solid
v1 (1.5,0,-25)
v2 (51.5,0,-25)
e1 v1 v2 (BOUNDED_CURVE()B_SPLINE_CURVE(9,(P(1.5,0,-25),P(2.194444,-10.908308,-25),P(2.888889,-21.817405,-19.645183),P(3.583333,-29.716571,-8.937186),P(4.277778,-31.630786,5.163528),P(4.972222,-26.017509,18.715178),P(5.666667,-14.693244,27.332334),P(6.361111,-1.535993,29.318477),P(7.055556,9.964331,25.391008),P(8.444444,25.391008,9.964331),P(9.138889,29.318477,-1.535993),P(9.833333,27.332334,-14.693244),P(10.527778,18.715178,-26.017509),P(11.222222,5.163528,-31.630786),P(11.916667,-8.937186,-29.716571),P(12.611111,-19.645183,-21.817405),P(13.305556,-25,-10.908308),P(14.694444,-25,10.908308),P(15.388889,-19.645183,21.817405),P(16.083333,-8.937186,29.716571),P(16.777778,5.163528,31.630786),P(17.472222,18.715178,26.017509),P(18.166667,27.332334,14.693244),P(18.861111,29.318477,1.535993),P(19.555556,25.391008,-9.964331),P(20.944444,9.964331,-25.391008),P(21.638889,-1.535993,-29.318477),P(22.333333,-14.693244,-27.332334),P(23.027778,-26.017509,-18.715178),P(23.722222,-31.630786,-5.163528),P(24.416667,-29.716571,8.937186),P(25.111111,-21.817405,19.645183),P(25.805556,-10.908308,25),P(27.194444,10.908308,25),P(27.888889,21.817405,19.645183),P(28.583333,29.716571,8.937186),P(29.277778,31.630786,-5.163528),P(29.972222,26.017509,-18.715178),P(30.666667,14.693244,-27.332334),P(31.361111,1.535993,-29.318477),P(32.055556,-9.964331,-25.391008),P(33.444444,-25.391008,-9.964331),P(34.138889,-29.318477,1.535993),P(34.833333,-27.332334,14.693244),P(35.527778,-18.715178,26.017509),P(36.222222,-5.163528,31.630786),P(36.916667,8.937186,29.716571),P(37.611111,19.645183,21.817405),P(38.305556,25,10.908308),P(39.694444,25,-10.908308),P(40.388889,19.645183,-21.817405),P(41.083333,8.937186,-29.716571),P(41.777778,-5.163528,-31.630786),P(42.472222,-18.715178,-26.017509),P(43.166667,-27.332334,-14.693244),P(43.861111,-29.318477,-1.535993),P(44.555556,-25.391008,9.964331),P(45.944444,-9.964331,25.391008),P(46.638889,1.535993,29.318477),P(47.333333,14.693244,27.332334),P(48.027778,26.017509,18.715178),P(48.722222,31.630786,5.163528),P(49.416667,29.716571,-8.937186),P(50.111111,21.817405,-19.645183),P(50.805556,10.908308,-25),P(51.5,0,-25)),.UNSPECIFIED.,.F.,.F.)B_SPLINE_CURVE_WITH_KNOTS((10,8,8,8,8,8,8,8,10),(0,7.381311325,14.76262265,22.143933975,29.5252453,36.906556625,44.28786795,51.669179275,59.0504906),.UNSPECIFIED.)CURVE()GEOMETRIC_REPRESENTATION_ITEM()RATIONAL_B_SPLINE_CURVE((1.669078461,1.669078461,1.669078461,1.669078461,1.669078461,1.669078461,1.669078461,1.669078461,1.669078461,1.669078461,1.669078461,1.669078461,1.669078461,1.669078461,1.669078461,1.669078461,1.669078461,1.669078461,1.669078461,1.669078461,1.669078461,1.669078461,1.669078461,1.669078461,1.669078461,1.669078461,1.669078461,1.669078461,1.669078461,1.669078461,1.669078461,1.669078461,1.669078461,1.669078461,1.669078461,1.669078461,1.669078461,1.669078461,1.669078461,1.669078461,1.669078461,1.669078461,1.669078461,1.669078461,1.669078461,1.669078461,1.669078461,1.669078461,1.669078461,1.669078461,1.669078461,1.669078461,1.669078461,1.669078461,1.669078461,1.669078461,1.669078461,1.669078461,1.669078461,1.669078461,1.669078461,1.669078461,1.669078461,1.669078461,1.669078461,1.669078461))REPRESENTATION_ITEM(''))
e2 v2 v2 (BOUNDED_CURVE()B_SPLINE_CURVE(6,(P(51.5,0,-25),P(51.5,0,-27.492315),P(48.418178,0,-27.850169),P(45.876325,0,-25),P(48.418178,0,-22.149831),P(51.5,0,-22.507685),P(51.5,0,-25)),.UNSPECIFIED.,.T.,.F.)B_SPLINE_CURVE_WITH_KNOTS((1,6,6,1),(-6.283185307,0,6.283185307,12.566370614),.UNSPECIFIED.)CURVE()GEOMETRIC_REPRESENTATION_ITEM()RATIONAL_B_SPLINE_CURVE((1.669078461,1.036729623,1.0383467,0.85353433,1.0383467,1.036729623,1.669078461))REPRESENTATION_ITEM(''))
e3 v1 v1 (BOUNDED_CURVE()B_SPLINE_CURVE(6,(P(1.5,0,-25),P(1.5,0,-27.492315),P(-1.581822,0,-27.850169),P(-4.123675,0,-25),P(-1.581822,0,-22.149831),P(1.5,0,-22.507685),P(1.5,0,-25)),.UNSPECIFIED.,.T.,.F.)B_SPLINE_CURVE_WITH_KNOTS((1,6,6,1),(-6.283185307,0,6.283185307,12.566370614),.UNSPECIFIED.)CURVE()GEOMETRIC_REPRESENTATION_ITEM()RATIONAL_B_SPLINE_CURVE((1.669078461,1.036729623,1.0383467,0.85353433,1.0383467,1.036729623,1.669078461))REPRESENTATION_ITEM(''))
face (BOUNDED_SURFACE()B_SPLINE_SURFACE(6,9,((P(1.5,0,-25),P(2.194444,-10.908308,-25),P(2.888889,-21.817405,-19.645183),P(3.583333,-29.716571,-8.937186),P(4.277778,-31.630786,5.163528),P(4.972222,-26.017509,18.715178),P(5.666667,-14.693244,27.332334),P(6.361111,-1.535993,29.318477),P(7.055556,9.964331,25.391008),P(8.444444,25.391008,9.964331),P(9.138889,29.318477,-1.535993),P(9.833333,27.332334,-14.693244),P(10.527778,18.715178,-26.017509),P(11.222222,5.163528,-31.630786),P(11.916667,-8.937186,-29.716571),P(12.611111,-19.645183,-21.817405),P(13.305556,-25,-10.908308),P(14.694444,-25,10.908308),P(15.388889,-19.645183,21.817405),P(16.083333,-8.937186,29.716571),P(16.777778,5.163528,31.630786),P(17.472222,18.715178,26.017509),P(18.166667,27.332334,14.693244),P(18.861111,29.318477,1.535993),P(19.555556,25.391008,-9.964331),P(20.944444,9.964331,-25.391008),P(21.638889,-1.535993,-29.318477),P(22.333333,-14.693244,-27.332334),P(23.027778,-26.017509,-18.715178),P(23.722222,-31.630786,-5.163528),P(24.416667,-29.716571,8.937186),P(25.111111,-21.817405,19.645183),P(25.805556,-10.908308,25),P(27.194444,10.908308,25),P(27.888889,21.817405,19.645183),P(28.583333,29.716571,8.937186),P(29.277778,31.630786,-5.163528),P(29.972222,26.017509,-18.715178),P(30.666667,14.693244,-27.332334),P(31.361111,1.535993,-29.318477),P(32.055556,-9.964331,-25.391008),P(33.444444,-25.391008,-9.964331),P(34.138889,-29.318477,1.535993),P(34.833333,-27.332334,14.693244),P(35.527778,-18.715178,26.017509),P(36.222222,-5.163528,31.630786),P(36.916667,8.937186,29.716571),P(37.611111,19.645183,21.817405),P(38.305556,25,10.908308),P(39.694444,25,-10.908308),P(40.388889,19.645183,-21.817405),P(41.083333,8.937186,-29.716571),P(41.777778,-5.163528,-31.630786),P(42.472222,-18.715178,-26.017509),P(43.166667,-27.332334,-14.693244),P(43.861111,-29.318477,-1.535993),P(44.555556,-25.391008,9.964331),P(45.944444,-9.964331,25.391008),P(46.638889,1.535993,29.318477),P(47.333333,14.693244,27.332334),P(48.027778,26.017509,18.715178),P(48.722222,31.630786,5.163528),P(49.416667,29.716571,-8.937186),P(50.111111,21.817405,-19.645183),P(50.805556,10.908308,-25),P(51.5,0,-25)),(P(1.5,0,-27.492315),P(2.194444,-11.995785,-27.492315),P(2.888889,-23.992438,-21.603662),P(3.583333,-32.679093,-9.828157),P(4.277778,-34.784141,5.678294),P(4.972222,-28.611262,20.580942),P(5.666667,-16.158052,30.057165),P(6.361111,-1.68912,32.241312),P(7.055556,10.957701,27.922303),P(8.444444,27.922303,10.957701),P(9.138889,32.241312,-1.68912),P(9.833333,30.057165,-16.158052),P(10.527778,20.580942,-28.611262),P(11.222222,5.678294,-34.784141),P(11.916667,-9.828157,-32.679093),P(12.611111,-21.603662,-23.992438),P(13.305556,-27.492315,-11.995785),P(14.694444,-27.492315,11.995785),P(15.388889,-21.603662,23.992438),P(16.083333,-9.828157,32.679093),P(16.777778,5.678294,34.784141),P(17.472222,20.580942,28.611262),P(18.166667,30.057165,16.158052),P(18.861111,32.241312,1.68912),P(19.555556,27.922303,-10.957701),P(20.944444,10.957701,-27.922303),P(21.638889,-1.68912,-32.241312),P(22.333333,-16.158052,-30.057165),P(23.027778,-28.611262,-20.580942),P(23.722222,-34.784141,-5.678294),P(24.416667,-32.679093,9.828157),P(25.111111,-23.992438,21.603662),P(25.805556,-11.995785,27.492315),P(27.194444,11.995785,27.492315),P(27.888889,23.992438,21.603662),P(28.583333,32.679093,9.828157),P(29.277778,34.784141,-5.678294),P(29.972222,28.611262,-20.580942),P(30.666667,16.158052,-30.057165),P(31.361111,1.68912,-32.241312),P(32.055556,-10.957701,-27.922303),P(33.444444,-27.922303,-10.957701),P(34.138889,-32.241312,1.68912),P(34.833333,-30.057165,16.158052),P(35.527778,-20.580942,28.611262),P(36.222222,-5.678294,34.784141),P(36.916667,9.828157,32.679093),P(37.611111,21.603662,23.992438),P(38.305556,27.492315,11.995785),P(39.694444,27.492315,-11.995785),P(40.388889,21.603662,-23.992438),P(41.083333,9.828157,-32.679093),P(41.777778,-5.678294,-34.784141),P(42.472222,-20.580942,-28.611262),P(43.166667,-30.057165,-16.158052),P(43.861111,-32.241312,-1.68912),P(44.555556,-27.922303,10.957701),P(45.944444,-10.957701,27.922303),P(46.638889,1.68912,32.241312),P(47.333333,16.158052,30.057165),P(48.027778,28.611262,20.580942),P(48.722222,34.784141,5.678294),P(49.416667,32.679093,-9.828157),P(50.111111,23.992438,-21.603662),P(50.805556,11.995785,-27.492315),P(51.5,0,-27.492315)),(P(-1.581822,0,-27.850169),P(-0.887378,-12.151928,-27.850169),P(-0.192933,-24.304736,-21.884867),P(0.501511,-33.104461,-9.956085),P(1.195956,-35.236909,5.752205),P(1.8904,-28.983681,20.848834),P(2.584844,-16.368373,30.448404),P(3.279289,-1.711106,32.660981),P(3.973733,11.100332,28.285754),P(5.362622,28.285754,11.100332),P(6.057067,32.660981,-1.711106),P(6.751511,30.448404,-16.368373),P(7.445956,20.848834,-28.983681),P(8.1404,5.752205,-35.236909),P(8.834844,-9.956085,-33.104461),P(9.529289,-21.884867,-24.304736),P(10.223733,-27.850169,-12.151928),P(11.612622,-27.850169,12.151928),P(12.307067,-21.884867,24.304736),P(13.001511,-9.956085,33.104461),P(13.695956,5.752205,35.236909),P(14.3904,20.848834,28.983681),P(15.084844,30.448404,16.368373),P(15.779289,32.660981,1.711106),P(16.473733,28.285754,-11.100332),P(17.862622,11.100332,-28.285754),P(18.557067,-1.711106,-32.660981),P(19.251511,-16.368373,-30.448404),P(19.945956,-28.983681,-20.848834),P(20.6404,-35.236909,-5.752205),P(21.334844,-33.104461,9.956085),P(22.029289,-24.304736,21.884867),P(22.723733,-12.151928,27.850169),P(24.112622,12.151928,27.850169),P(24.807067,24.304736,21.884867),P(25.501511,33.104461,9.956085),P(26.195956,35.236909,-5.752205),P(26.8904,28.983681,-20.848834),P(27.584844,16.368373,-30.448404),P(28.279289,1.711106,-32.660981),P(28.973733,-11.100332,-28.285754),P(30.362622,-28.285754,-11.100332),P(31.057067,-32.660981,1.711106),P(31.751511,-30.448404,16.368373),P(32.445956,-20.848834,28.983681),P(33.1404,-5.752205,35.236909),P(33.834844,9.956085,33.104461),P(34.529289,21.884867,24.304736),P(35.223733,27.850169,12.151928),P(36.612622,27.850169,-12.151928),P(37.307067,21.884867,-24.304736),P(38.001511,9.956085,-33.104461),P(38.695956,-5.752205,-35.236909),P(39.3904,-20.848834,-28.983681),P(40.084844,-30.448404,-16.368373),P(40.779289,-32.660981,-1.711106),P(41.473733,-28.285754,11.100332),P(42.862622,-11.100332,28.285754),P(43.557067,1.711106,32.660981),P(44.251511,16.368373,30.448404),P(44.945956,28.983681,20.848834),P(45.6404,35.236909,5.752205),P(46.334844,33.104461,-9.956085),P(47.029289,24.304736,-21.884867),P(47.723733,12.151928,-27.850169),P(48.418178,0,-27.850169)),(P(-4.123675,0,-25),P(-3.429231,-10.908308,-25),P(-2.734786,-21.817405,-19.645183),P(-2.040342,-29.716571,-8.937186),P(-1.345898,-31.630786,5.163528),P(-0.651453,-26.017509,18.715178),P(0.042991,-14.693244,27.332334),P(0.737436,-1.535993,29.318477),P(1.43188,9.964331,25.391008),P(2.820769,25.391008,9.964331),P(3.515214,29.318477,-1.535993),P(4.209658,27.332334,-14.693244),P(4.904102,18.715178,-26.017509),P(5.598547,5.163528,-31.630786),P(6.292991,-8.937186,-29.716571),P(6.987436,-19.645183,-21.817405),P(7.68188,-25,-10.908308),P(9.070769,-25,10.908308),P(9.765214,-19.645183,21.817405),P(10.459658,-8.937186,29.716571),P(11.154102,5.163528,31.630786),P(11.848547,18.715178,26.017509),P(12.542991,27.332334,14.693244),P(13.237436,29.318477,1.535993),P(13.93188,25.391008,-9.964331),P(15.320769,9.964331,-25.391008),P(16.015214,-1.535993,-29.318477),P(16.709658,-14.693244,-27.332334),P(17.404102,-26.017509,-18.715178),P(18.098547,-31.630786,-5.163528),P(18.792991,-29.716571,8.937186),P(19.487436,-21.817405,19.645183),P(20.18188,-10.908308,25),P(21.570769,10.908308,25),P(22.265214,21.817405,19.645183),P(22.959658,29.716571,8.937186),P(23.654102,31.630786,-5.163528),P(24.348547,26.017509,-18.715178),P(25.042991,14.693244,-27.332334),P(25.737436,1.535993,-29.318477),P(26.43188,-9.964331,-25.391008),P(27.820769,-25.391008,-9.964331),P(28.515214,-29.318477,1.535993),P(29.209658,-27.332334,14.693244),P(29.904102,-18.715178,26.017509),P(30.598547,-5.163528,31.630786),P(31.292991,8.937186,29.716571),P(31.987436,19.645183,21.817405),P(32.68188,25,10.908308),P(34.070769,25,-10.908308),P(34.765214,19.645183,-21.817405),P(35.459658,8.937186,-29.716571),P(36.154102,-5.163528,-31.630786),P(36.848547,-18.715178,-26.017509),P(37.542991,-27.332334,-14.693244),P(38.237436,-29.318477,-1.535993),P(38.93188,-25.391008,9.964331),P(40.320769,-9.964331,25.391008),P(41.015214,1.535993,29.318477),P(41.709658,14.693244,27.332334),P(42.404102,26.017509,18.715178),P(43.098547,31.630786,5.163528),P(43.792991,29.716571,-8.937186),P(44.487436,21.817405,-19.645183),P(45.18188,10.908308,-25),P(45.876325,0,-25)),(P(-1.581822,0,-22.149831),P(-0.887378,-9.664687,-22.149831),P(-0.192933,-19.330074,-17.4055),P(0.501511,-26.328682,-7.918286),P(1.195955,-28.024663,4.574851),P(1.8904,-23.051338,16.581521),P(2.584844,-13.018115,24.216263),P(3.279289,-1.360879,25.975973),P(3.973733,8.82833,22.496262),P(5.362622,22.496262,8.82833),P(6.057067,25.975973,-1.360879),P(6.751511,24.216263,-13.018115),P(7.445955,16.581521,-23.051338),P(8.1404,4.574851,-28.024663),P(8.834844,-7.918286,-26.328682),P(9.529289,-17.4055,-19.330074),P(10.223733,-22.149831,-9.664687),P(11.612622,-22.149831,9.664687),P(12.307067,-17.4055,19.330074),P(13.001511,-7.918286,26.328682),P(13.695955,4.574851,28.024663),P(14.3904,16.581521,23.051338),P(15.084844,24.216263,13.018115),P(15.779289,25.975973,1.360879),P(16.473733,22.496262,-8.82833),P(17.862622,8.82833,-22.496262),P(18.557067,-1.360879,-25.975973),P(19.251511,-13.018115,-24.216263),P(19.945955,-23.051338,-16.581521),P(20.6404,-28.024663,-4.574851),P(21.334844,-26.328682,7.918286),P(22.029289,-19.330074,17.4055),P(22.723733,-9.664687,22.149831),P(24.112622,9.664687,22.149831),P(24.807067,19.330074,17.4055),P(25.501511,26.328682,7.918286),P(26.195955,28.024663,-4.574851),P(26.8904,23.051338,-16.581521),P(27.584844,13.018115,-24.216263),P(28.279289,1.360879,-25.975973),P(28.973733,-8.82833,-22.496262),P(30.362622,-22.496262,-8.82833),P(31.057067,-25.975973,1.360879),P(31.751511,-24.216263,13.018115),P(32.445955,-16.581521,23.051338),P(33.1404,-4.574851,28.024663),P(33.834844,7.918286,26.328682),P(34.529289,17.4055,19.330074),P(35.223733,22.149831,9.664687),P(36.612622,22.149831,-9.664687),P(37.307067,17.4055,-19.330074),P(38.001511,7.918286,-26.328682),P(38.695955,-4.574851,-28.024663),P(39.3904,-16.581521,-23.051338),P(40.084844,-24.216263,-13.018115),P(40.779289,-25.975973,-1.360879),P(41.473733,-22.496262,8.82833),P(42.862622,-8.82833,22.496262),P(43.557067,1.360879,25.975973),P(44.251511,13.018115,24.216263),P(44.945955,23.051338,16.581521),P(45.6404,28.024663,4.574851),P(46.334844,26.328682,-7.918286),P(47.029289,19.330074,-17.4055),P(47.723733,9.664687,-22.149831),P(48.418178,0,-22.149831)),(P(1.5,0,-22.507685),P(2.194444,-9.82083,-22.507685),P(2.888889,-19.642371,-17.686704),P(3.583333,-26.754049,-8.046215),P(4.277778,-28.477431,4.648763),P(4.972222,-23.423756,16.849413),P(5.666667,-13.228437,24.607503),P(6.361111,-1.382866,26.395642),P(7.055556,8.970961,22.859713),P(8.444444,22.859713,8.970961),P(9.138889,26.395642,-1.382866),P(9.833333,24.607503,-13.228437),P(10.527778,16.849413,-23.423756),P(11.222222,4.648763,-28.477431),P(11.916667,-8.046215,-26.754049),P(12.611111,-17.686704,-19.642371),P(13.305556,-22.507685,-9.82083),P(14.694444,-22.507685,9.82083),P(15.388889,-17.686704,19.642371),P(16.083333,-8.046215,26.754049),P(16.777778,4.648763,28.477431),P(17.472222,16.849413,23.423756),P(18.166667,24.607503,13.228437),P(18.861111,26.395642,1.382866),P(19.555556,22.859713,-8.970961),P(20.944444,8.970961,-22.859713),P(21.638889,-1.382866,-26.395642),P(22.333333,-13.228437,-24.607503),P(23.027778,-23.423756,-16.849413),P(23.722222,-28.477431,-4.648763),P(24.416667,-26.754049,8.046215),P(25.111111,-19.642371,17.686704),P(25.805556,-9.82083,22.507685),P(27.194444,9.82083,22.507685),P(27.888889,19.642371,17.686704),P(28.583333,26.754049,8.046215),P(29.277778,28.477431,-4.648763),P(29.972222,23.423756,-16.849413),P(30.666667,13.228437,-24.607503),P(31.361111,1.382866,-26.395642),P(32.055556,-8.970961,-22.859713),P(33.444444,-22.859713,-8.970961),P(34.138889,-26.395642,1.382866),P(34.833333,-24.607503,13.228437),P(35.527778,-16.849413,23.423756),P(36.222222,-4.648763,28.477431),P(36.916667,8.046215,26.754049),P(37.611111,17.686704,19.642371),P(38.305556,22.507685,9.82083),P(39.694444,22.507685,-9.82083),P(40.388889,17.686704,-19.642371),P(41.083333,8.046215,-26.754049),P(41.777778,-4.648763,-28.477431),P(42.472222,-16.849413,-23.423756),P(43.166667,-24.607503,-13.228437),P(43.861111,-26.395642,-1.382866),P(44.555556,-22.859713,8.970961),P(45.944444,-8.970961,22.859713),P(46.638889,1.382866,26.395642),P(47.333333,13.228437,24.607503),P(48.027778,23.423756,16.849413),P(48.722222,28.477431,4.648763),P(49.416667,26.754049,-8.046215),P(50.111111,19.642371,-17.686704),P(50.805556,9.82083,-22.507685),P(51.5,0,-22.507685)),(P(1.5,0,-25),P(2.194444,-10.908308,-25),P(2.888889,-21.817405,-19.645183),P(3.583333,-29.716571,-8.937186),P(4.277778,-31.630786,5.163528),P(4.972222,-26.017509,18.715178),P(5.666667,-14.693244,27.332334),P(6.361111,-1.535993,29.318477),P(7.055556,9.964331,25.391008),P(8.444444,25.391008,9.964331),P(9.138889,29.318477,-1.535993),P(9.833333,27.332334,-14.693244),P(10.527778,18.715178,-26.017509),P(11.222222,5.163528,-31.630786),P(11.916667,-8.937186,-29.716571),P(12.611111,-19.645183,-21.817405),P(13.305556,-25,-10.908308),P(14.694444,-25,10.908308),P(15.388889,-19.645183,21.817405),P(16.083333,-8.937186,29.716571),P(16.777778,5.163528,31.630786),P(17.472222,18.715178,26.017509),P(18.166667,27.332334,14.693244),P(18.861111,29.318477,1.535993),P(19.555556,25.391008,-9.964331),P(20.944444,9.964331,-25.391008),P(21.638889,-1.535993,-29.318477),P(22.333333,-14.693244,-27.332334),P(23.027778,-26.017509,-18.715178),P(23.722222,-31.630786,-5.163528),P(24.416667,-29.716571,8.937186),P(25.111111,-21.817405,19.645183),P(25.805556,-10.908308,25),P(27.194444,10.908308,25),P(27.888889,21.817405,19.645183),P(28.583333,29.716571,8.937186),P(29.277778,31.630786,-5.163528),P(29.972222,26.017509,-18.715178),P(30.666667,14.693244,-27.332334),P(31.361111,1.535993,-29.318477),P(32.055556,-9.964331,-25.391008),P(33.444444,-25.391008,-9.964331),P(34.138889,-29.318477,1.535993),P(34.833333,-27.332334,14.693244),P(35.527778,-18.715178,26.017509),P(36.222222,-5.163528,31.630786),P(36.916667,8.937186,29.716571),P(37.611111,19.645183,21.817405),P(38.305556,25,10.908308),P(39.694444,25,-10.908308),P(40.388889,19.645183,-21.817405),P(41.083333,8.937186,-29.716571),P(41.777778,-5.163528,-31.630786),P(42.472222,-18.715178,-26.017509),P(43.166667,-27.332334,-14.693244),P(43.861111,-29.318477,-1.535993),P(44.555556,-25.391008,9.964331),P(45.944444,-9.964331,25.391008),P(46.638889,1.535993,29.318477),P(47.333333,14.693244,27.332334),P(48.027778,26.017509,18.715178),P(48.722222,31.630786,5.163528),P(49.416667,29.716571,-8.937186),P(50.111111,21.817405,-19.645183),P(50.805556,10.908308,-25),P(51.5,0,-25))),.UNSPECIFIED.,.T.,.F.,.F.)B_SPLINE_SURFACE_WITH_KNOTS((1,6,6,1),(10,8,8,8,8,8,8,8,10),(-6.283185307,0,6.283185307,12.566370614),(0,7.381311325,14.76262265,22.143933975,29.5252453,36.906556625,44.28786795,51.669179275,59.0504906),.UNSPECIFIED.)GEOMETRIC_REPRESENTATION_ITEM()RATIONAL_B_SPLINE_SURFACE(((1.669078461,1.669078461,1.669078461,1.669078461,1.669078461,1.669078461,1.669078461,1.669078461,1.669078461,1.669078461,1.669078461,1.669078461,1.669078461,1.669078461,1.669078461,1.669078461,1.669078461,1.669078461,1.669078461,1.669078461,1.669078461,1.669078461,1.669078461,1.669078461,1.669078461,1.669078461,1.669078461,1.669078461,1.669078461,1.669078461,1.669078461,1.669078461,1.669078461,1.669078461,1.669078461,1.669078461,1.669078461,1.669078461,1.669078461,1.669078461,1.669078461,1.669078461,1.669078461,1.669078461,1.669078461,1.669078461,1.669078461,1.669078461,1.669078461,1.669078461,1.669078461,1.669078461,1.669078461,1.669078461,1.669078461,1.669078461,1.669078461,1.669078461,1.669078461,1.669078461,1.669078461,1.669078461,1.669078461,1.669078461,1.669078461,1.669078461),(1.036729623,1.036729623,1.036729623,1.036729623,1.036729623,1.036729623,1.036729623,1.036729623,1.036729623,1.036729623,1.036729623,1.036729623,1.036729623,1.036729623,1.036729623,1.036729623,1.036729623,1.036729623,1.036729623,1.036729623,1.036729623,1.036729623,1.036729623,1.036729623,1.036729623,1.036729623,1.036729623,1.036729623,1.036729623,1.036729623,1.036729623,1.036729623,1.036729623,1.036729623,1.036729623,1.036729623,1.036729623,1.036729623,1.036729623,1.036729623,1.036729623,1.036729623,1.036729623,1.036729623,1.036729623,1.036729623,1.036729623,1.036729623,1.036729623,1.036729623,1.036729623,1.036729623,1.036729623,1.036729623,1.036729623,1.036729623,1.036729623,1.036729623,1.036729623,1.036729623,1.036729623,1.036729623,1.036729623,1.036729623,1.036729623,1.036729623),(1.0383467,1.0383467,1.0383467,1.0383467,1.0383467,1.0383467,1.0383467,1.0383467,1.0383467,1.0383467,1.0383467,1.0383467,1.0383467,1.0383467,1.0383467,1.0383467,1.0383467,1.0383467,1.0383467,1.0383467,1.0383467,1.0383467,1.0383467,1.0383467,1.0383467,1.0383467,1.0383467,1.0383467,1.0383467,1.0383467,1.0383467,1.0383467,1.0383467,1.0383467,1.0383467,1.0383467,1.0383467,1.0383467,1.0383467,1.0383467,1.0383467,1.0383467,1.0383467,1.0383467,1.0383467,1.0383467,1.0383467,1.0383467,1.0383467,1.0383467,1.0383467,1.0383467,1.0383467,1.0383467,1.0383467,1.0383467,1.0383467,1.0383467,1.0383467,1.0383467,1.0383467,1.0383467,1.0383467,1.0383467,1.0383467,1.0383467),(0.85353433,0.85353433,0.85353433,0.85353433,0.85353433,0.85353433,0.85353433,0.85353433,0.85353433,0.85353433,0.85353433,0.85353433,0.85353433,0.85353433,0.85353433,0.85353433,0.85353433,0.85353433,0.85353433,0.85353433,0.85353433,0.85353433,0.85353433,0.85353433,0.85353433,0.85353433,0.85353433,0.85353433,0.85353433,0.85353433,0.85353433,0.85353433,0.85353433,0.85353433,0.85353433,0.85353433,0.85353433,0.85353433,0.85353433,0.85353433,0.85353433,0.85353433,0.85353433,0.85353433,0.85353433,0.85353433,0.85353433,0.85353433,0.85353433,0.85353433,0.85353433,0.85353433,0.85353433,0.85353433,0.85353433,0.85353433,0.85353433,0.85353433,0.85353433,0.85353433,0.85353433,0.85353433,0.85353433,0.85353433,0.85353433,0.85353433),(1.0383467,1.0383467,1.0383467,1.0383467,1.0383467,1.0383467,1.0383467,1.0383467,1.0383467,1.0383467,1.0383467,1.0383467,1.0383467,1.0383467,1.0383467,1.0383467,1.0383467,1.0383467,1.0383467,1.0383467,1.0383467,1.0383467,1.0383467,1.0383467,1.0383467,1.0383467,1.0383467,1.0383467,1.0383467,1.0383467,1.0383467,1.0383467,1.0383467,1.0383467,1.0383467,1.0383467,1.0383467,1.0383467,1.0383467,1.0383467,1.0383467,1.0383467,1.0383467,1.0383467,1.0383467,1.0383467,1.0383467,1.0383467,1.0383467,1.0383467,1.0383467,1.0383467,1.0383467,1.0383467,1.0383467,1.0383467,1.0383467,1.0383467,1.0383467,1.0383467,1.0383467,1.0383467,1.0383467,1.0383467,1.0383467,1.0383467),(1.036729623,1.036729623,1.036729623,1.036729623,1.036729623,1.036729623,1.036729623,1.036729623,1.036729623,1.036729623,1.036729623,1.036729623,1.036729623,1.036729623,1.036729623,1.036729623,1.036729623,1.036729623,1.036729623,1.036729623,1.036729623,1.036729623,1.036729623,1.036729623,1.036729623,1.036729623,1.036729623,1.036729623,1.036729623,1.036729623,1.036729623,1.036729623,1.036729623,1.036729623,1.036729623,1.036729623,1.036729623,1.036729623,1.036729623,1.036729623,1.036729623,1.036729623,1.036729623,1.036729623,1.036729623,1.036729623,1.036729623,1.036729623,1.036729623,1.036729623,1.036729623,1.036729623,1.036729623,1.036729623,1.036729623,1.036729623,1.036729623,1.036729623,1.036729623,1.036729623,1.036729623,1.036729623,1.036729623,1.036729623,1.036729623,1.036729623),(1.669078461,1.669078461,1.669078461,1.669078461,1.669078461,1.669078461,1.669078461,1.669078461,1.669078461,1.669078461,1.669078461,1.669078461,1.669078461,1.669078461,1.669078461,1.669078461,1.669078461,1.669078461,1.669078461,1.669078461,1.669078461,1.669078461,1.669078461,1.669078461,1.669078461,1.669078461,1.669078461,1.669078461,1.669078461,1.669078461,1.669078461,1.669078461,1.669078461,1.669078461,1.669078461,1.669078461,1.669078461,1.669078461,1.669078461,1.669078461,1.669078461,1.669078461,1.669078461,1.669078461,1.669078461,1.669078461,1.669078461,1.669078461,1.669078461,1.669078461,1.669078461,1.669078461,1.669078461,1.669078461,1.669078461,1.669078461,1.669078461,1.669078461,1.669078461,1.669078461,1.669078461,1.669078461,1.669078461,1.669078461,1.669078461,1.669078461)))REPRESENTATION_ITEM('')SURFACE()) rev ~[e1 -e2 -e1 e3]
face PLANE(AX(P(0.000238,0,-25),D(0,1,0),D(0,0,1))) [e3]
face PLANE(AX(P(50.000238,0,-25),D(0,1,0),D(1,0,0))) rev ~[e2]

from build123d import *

# Parameters (mm, degrees)
SWEEP1_PITCH       = 10
SWEEP1_HEIGHT      = 50
SWEEP1_RADIUS      = 25
SWEEP1_START_ANGLE = 180
SKETCH5_R          = 1.5


with BuildPart() as part:
    # Sweep1: sweep along a helix
    with BuildLine() as sweep1_path:
        add(Helix(SWEEP1_PITCH, SWEEP1_HEIGHT, SWEEP1_RADIUS, center=(0, 0, 0), direction=(1, 0, 0), lefthand=True, mode=Mode.PRIVATE).rotate(Axis((0, 0, 0), (1, 0, 0)), SWEEP1_START_ANGLE))
    # Sketch5 → Sweep1 (sweep)
    with BuildSketch(Plane(origin=(0, 0, 0), x_dir=(1, 0, 0), z_dir=(0, 1, 0))):
        with Locations((50, 25)):
            Circle(SKETCH5_R)
    sweep(path=sweep1_path.line, is_frenet=True)


solid = part.part
